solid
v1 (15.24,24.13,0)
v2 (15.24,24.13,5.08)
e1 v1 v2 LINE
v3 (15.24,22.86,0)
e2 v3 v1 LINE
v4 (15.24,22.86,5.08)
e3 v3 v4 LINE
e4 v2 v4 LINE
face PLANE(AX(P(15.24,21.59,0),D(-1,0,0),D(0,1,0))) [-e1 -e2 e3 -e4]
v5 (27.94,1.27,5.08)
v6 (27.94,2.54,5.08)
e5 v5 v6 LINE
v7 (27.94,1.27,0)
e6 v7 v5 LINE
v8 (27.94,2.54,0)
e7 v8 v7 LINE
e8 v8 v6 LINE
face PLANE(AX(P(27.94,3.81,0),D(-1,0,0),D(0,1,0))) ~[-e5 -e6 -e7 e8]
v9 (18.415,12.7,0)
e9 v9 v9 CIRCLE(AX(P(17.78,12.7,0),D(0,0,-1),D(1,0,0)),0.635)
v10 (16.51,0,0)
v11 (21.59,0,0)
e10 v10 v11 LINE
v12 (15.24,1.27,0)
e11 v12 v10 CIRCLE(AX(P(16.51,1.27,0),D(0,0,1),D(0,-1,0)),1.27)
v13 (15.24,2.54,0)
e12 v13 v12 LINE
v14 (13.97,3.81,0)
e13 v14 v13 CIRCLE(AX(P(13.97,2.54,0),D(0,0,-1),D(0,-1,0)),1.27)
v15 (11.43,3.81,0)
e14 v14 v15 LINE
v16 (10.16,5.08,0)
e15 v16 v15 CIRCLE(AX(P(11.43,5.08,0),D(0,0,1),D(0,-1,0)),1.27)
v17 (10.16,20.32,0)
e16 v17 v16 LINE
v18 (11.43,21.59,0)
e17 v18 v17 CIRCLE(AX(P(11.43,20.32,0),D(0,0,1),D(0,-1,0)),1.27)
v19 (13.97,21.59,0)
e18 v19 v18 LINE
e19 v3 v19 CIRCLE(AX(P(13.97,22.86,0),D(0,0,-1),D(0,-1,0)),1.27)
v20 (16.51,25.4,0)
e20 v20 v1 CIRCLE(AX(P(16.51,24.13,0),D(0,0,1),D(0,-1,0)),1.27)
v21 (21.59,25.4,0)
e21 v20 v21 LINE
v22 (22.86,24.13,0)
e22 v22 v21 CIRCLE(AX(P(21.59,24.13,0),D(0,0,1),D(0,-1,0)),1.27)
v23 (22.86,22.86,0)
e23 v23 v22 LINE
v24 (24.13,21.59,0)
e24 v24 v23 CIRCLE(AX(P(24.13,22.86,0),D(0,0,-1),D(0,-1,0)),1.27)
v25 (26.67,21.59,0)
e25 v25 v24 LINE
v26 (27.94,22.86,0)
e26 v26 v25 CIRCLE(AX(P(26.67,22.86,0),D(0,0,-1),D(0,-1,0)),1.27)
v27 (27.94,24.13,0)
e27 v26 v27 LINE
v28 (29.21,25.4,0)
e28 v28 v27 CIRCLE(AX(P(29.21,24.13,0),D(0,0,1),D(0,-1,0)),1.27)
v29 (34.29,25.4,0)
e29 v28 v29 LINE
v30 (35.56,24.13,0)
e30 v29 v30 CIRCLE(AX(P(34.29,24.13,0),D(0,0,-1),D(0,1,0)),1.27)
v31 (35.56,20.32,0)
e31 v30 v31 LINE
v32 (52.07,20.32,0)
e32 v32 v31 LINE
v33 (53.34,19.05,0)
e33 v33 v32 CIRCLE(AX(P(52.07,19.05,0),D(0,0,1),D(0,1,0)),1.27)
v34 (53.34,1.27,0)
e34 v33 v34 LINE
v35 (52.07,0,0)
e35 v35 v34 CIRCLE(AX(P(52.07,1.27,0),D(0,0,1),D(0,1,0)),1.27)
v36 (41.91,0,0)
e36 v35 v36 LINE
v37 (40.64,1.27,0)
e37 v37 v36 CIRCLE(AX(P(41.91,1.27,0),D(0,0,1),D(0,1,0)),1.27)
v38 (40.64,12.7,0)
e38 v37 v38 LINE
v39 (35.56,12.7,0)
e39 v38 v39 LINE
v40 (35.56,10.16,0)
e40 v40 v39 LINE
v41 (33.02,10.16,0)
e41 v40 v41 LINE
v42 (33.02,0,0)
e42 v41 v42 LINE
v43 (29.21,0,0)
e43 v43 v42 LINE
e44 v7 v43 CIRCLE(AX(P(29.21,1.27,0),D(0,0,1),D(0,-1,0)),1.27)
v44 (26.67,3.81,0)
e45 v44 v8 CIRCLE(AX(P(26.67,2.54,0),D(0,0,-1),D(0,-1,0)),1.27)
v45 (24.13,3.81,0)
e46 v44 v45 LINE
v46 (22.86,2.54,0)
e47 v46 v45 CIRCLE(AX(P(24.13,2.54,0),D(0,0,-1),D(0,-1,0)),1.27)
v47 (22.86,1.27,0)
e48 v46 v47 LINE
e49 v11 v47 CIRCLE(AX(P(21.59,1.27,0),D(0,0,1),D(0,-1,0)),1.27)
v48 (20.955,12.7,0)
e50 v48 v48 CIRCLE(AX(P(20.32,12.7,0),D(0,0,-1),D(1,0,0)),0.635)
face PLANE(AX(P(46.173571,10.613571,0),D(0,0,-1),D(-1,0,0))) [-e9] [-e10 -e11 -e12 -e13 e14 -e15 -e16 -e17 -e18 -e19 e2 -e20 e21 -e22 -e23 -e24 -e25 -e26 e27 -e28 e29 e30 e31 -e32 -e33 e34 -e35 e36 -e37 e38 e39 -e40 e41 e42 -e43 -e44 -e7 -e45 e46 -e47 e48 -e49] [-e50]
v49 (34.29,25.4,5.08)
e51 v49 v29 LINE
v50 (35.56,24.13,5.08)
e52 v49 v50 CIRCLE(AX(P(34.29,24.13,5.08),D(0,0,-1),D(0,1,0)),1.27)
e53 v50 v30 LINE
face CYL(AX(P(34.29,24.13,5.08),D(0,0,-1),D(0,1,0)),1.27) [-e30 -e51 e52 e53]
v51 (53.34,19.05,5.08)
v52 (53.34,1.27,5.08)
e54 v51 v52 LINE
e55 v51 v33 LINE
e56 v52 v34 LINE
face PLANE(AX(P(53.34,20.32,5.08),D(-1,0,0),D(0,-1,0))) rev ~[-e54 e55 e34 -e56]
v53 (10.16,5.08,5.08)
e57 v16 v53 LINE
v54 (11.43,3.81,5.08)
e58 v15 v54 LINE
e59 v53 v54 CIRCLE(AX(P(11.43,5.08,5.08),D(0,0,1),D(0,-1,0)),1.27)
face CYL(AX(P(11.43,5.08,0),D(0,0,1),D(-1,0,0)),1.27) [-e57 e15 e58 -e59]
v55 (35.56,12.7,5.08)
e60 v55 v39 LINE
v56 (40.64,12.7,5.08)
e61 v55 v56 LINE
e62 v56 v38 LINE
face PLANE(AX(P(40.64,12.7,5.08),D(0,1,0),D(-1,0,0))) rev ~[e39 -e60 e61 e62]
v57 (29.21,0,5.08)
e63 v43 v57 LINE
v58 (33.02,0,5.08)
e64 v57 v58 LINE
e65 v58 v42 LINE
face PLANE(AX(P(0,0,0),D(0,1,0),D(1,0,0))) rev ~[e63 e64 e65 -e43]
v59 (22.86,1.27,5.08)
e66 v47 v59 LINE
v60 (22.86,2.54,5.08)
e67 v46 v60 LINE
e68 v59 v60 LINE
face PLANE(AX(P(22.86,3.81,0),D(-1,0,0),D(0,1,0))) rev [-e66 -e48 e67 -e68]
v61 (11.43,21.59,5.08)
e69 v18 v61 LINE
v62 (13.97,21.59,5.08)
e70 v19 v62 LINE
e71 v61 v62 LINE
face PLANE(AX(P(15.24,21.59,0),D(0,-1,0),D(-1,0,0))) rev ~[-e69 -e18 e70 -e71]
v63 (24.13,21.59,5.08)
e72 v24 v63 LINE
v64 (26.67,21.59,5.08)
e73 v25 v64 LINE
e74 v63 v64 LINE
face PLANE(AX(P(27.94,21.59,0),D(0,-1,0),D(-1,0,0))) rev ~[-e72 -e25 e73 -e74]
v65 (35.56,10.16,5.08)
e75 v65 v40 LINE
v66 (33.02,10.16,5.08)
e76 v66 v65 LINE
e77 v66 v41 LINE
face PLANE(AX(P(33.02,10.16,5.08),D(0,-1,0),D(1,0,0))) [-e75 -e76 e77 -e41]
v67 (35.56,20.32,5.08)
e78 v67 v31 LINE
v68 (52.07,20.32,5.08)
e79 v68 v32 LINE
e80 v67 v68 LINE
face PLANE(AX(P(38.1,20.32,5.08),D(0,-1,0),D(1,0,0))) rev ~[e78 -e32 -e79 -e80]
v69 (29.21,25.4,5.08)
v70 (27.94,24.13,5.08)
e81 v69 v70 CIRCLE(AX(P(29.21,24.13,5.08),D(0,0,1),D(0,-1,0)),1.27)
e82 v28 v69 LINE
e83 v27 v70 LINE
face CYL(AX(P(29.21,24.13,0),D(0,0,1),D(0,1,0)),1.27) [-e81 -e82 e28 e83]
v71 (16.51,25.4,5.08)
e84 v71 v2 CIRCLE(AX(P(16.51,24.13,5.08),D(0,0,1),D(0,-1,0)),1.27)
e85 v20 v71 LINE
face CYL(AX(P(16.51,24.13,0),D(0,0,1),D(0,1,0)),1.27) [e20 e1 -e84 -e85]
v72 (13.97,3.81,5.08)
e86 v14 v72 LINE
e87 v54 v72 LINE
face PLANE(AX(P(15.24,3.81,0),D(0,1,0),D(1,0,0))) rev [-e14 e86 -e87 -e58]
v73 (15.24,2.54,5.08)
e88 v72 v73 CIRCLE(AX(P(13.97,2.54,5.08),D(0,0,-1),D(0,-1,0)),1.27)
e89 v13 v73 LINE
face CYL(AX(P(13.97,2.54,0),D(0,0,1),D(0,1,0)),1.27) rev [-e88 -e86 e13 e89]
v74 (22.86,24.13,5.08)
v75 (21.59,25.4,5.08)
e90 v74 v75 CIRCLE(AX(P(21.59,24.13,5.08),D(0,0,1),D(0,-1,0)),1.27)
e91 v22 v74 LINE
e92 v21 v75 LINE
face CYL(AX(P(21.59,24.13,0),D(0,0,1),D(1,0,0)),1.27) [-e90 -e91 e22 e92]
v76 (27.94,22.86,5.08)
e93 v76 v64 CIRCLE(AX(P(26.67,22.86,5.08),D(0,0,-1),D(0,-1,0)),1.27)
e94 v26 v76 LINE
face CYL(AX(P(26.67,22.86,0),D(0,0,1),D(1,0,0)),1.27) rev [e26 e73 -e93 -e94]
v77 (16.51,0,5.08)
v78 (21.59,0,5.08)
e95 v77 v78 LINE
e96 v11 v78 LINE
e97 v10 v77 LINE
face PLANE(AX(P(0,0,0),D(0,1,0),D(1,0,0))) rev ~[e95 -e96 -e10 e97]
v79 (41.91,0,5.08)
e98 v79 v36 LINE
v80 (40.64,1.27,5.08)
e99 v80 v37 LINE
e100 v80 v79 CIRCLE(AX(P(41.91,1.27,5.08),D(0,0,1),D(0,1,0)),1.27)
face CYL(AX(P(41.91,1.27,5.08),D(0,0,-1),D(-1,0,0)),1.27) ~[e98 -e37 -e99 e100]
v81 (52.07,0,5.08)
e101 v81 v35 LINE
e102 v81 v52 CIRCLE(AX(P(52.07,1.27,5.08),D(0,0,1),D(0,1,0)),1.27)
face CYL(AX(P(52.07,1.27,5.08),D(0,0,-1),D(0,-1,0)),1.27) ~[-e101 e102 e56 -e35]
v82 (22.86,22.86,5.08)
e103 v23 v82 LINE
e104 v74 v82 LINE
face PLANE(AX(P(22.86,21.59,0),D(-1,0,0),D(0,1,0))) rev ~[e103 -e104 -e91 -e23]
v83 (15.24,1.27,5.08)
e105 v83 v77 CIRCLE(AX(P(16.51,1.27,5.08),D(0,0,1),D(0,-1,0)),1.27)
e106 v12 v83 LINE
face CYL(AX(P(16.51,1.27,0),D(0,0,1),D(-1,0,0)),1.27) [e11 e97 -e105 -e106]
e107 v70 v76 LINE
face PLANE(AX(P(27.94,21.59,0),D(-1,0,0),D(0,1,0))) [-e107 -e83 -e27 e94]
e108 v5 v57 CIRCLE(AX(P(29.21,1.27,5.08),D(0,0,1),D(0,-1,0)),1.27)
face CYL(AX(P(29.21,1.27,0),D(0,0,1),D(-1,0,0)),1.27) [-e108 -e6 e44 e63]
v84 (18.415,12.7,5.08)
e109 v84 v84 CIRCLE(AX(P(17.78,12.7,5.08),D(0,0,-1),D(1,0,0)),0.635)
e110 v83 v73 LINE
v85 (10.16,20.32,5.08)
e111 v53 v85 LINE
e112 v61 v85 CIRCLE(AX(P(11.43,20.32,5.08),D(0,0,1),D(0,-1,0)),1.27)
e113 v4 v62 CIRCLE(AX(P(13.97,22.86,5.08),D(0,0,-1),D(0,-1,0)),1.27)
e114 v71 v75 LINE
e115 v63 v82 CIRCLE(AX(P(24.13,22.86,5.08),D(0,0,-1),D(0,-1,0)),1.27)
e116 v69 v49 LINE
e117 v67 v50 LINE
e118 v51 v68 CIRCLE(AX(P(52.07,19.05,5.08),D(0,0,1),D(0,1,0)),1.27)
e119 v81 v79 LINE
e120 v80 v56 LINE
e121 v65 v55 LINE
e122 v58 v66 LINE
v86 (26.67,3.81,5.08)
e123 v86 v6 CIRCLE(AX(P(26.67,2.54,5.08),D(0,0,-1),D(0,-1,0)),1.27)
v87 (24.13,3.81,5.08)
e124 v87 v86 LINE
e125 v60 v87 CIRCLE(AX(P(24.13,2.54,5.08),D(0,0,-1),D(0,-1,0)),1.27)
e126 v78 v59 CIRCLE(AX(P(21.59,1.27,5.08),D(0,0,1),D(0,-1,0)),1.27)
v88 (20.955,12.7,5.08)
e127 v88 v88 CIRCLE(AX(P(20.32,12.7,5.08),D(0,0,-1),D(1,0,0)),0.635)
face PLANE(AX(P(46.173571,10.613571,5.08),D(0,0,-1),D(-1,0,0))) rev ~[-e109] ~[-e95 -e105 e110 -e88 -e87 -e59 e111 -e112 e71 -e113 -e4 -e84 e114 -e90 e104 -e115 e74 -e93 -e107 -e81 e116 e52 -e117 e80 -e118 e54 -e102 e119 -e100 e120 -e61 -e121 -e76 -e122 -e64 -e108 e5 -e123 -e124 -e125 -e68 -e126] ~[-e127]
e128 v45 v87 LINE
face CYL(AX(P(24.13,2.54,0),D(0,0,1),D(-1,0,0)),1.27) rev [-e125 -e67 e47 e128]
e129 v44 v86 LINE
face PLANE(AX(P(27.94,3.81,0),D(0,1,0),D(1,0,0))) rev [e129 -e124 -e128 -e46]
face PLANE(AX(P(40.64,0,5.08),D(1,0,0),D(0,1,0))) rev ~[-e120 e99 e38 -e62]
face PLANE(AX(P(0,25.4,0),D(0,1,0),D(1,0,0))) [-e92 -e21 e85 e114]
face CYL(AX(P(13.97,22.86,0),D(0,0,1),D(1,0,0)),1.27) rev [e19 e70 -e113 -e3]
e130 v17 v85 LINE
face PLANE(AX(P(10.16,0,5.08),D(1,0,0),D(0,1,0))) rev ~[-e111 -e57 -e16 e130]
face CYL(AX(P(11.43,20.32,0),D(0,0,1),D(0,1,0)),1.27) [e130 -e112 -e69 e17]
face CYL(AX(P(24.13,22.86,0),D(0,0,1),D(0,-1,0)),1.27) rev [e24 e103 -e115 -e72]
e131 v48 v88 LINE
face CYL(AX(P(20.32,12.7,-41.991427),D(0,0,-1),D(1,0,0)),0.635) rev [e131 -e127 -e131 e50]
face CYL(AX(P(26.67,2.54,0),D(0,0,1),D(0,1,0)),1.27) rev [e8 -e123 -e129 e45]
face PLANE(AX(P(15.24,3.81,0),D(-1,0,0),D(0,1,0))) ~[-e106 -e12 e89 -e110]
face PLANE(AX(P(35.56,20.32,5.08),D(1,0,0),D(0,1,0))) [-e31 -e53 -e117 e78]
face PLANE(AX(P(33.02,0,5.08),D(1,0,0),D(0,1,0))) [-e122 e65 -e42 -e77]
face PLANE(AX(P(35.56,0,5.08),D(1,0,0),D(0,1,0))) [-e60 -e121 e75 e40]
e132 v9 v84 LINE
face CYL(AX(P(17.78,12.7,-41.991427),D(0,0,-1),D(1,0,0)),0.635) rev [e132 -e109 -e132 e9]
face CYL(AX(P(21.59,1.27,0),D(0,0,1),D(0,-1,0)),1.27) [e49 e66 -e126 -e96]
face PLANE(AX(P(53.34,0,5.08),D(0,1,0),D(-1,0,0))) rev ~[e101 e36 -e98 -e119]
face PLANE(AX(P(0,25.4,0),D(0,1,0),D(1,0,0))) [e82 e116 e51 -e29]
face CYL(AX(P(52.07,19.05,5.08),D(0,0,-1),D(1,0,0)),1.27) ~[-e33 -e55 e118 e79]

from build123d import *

# Parameters (mm, degrees)
SKETCH1_W               = 38.1
SKETCH1_H               = 25.4
BOSS_EXTRUDE1_DEPTH     = 5.08
CUT_EXTRUDE1_DEPTH      = 47.071427154
CUT_EXTRUDE1_DEPTH_BACK = 47.071427154
SKETCH2_R               = 0.635
SKETCH3_W               = 5.08
SKETCH3_H               = 3.81
CUT_EXTRUDE2_DEPTH      = 47.071427154
SKETCH4_W               = 2.54
SKETCH4_H               = 12.7
CUT_EXTRUDE3_DEPTH      = 47.071427154
BOSS_EXTRUDE2_DEPTH     = 5.08
SKETCH6_W               = 10.16
SKETCH6_H               = 25.4
CUT_EXTRUDE4_DEPTH      = 60.296897052
SKETCH7_W               = 2.54
SKETCH7_H               = 5.08
CUT_EXTRUDE5_DEPTH      = 60.296897052
FILLET1_R               = 1.27
SKETCH8_W               = 2.54
SKETCH8_H               = 10.16
CUT_EXTRUDE6_DEPTH      = 60.296897052
FILLET2_R               = 1.27


with BuildPart() as part:
    # Sketch1 → Boss-Extrude1 (new body)
    with BuildSketch(Plane.XY):
        with Locations((19.05, 12.7)):
            Rectangle(SKETCH1_W, SKETCH1_H)
    extrude(amount=BOSS_EXTRUDE1_DEPTH)

    # Sketch2 → Cut-Extrude1 (cut, two sides: drawn at the far end of the back side and taken through both)
    with BuildSketch(Plane.XY.offset(5.08).offset(-CUT_EXTRUDE1_DEPTH_BACK)):
        with Locations((17.78, 12.7)):
            Circle(SKETCH2_R)
        with Locations((20.32, 12.7)):
            Circle(SKETCH2_R)
    extrude(amount=CUT_EXTRUDE1_DEPTH + CUT_EXTRUDE1_DEPTH_BACK, mode=Mode.SUBTRACT)

    # Sketch3 → Cut-Extrude2 (cut, through all)
    with BuildSketch(Plane(origin=(0, 0, 0), x_dir=(-1, 0, 0), z_dir=(0, 0, -1))):
        with Locations((-25.4, 23.495)):
            Rectangle(SKETCH3_W, SKETCH3_H)
        with Locations((-12.7, 23.495)):
            Rectangle(SKETCH3_W, SKETCH3_H)
    cut_extrude2 = extrude(amount=-CUT_EXTRUDE2_DEPTH, mode=Mode.SUBTRACT)

    # Mirror1: Cut-Extrude2 across plane
    add(cut_extrude2.mirror(Plane.ZX.offset(12.7)), mode=Mode.SUBTRACT)

    # Sketch4 → Cut-Extrude3 (cut, through all)
    with BuildSketch(Plane.XY.offset(5.08)):
        with Locations((36.83, 6.35)):
            Rectangle(SKETCH4_W, SKETCH4_H)
    extrude(amount=-CUT_EXTRUDE3_DEPTH, mode=Mode.SUBTRACT)

    # Sketch5 → Boss-Extrude2 (add, through all)
    with BuildSketch(Plane.XY.offset(5.08)):
        Polygon((38.1, 20.32), (53.34, 20.32), (53.34, 0), (40.64, 0), (40.64, 12.7), (38.1, 12.7), align=None)
    extrude(amount=-BOSS_EXTRUDE2_DEPTH)

    # Sketch6 → Cut-Extrude4 (cut, through all)
    with BuildSketch(Plane.XY.offset(5.08)):
        with Locations((5.08, 12.7)):
            Rectangle(SKETCH6_W, SKETCH6_H)
    extrude(amount=-CUT_EXTRUDE4_DEPTH, mode=Mode.SUBTRACT)

    # Sketch7 → Cut-Extrude5 (cut, through all)
    with BuildSketch(Plane.XY.offset(5.08)):
        with Locations((36.83, 22.86)):
            Rectangle(SKETCH7_W, SKETCH7_H)
    extrude(amount=-CUT_EXTRUDE5_DEPTH, mode=Mode.SUBTRACT)

    # Fillet1
    fillet1_edges = [part.edges().sort_by_distance(p)[0] for p in [
        (35.56, 25.4, 2.54),
        (27.94, 21.59, 2.54),
        (27.94, 25.4, 2.54),
        (22.86, 25.4, 2.54),
        (22.86, 21.59, 2.54),
        (15.24, 21.59, 2.54),
        (15.24, 25.4, 2.54),
        (10.16, 21.59, 2.54),
        (27.94, 0, 2.54),
        (27.94, 3.81, 2.54),
        (22.86, 3.81, 2.54),
        (22.86, 0, 2.54),
        (15.24, 0, 2.54),
        (15.24, 3.81, 2.54),
        (10.16, 3.81, 2.54),
    ]]
    fillet(fillet1_edges, radius=FILLET1_R)

    # Sketch8 → Cut-Extrude6 (cut, through all)
    with BuildSketch(Plane.XY.offset(5.08)):
        with Locations((34.29, 5.08)):
            Rectangle(SKETCH8_W, SKETCH8_H)
    extrude(amount=-CUT_EXTRUDE6_DEPTH, mode=Mode.SUBTRACT)

    # Fillet2
    fillet2_edges = [part.edges().sort_by_distance(p)[0] for p in [
        (53.34, 20.32, 2.54),
        (53.34, 0, 2.54),
        (40.64, 0, 2.54),
    ]]
    fillet(fillet2_edges, radius=FILLET2_R)


solid = part.part
